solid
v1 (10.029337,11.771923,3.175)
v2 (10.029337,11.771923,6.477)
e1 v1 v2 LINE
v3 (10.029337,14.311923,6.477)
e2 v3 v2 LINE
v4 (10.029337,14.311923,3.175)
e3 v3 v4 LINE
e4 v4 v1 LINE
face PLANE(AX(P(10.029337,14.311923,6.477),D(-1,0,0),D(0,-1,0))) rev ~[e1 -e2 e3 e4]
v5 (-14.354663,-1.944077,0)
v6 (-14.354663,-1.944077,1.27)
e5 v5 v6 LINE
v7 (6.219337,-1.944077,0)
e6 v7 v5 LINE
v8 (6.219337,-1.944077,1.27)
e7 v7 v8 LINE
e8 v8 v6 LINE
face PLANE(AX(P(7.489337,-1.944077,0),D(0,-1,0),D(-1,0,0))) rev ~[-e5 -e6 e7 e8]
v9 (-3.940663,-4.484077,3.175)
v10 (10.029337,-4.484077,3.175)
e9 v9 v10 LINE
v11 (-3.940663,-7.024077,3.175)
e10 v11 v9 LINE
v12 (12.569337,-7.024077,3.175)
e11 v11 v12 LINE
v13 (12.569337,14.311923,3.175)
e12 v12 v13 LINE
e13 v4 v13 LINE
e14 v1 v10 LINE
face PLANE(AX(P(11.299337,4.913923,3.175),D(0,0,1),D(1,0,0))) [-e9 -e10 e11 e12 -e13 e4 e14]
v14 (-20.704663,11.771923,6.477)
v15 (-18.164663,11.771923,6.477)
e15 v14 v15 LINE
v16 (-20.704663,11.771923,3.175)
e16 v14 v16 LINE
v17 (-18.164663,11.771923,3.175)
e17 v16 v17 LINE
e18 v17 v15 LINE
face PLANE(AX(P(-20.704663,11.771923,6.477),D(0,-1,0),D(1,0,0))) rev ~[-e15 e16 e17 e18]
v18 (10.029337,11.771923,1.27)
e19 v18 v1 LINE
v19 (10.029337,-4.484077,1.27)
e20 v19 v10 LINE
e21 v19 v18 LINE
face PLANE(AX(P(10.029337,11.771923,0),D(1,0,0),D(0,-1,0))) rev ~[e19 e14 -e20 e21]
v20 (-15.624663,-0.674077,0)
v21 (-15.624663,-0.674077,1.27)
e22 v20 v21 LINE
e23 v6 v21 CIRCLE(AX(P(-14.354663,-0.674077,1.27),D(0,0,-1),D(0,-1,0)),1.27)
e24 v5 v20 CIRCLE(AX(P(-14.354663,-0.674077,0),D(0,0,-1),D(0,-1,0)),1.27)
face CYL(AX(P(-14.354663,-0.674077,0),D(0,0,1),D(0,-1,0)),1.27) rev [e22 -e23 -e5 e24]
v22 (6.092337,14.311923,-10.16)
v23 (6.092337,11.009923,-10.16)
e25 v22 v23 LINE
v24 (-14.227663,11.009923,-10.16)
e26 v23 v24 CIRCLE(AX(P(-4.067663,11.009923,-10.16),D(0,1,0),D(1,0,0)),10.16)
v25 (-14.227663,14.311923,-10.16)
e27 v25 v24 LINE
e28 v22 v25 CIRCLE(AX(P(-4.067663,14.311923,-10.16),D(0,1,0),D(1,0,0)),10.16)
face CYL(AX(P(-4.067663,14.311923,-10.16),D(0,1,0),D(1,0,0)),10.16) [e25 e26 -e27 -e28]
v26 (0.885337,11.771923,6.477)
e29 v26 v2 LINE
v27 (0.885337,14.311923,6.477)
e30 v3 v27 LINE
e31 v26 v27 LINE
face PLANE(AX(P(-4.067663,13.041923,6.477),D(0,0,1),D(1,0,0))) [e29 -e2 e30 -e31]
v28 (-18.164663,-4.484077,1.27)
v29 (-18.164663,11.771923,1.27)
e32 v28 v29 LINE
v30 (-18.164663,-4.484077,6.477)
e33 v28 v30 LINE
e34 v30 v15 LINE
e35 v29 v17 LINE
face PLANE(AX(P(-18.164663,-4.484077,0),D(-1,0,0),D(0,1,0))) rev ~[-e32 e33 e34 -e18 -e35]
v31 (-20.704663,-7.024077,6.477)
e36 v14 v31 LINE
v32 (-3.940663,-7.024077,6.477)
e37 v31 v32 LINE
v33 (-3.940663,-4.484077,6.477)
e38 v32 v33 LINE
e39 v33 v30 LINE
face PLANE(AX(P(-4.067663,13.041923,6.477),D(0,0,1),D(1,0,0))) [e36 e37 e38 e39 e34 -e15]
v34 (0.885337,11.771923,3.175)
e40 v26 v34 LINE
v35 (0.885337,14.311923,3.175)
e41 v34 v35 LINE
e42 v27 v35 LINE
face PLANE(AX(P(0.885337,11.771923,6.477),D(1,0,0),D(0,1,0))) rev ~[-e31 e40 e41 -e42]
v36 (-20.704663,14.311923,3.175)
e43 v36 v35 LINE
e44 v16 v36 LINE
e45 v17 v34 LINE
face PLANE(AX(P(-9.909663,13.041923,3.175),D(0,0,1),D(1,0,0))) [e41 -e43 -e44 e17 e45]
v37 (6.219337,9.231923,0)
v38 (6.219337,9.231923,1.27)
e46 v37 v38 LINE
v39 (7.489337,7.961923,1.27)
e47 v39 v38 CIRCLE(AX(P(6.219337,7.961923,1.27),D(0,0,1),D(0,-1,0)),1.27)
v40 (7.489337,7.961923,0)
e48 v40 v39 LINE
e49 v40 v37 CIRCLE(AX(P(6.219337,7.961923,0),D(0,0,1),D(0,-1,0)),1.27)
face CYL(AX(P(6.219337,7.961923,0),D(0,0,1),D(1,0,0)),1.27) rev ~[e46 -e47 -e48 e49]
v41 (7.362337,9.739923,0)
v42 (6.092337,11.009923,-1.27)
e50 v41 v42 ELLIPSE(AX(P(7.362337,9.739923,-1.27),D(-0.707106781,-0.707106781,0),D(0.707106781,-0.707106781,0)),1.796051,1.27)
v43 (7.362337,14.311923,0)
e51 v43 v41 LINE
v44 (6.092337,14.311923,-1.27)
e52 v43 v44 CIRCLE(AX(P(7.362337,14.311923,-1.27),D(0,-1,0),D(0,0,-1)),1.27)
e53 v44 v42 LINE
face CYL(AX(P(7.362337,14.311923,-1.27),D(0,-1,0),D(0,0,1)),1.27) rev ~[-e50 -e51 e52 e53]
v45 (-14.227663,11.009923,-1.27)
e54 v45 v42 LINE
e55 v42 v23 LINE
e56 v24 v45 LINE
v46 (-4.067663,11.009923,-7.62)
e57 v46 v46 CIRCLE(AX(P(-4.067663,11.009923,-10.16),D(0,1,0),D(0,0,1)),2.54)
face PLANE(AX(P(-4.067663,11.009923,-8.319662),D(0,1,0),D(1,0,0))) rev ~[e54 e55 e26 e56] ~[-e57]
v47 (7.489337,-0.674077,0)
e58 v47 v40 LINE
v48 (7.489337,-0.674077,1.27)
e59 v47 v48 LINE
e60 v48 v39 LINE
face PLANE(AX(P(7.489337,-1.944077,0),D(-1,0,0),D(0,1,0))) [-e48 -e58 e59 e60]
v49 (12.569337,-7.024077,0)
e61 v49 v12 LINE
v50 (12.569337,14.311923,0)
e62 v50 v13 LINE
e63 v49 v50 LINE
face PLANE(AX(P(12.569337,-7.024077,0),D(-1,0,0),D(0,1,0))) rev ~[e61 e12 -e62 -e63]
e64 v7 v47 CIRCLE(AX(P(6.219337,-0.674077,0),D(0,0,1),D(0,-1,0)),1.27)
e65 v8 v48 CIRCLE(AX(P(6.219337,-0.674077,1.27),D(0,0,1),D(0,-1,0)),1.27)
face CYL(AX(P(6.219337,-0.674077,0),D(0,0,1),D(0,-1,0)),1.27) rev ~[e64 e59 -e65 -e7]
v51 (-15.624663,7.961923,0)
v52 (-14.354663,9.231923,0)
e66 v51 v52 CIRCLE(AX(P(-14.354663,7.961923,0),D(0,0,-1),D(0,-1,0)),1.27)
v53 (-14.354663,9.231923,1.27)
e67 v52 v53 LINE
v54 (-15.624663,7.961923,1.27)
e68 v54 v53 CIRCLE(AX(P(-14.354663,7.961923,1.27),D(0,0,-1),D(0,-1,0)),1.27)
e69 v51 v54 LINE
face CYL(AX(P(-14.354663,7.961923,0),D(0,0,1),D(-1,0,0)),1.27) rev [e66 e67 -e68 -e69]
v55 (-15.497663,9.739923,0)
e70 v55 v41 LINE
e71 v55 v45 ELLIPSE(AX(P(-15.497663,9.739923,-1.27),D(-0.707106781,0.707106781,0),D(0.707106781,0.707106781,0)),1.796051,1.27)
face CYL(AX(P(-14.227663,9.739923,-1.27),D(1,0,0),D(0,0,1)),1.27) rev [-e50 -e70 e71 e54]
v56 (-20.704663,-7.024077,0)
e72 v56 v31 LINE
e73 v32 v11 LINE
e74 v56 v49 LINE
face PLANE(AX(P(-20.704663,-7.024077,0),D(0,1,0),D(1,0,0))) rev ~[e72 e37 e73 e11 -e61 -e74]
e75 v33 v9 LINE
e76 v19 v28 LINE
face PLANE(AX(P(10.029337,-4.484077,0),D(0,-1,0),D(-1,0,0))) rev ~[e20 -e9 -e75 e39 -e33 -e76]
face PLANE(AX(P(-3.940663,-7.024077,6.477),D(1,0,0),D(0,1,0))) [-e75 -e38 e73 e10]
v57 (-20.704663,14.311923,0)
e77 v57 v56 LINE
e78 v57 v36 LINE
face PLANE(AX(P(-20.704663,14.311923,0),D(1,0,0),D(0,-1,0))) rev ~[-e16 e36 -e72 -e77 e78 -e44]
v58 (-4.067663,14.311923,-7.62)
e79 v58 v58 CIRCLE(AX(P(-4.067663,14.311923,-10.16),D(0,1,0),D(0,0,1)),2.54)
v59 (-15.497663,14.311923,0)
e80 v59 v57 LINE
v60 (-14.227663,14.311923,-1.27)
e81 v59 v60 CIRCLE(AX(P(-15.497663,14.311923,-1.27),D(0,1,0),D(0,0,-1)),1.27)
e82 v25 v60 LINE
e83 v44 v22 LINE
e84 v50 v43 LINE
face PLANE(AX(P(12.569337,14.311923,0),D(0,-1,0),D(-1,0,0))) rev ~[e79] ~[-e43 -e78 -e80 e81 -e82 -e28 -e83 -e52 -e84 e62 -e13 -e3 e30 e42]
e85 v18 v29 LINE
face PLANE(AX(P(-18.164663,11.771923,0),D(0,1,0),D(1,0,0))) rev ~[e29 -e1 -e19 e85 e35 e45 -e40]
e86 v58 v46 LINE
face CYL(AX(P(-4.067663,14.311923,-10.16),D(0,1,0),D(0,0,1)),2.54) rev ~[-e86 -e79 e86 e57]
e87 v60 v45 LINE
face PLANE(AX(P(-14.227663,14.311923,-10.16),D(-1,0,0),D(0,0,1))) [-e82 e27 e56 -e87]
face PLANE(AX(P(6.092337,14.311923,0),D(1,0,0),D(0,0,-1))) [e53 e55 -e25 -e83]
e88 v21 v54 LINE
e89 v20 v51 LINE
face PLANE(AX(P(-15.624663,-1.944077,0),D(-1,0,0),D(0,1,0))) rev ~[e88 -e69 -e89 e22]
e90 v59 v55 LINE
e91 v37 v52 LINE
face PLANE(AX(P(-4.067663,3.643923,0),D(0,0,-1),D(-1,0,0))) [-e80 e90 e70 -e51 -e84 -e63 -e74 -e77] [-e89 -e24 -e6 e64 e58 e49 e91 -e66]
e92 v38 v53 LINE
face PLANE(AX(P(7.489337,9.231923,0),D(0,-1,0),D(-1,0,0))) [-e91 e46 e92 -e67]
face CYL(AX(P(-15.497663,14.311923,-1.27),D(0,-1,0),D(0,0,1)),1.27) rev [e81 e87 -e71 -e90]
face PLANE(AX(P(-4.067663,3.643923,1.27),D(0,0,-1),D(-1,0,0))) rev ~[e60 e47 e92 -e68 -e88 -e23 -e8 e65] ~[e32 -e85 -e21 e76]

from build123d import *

# Parameters (mm, degrees)
SKETCH1_W           = 28.194
SKETCH1_H           = 2.54
BOSS_EXTRUDE1_DEPTH = 6.477
SKETCH2_W           = 28.194
SKETCH2_H           = 16.256
SKETCH2_W_2         = 23.114
SKETCH2_H_2         = 11.176
BOSS_EXTRUDE2_DEPTH = 1.27
SKETCH3_W           = 21.59
SKETCH3_H           = 2.54
SKETCH3_W_2         = 2.54
SKETCH3_H_2         = 18.796
SKETCH3_W_3         = 13.97
CUT_EXTRUDE1_DEPTH  = 3.302
SKETCH4_R           = 2.54
BOSS_EXTRUDE3_DEPTH = 3.302
FILLET4_R           = 1.27


with BuildPart() as part:
    # Sketch1 → Boss-Extrude1 (new body)
    with BuildSketch(Plane.XY):
        with Locations((-4.067663462, 13.041923077)):
            Rectangle(SKETCH1_W, SKETCH1_H)
        Polygon((-18.164663462, 14.311923077), (-20.704663462, 14.311923077), (-20.704663462, -7.024076923), (12.569336538, -7.024076923), (12.569336538, 14.311923077), (10.029336538, 14.311923077), (10.029336538, 11.771923077), (10.029336538, -4.484076923), (-18.164663462, -4.484076923), (-18.164663462, 11.771923077), align=None)
    extrude(amount=BOSS_EXTRUDE1_DEPTH)

    # Sketch2 → Boss-Extrude2 (add)
    with BuildSketch(Plane(origin=(0, 0, 0), x_dir=(-1, 0, 0), z_dir=(0, 0, -1))):
        with Locations((4.067663462, 3.643923077)):
            Rectangle(SKETCH2_W, SKETCH2_H)
        with Locations((4.067663462, 3.643923077)):
            Rectangle(SKETCH2_W_2, SKETCH2_H_2, mode=Mode.SUBTRACT)
    extrude(amount=-BOSS_EXTRUDE2_DEPTH)

    # Sketch3 → Cut-Extrude1 (cut)
    with BuildSketch(Plane.XY.offset(6.477)):
        with Locations((-9.909663462, 13.041923077)):
            Rectangle(SKETCH3_W, SKETCH3_H)
        with Locations((11.299336538, 4.913923077)):
            Rectangle(SKETCH3_W_2, SKETCH3_H_2)
        with Locations((11.299336538, -5.754076923)):
            Rectangle(SKETCH3_W_2, SKETCH3_H)
        with Locations((3.044336538, -5.754076923)):
            Rectangle(SKETCH3_W_3, SKETCH3_H)
    extrude(amount=-CUT_EXTRUDE1_DEPTH, mode=Mode.SUBTRACT)

    # Sketch4 → Boss-Extrude3 (add)
    with BuildSketch(Plane(origin=(0, 14.311923077, 0), x_dir=(1, 0, 0), z_dir=(0, 1, 0))):
        with BuildLine():
            Line((-14.227663462, 10.16), (-14.227663462, 0))
            Line((-14.227663462, 0), (6.092336538, 0))
            Line((6.092336538, 0), (6.092336538, 10.16))
            ThreePointArc((6.092336538, 10.16), (-4.067663462, 20.32), (-14.227663462, 10.16))
        make_face()
        with Locations(Location((-4.067663462, 10.16, 0), (0, 0, 270))):
            Circle(SKETCH4_R, mode=Mode.SUBTRACT)
    extrude(amount=-BOSS_EXTRUDE3_DEPTH)

    # Fillet4
    fillet4_edges = [part.edges().sort_by_distance(p)[0] for p in [
        (-4.067663462, 11.009923077, 0),
        (6.092336538, 12.660923077, 0),
        (-14.227663462, 12.660923077, 0),
        (-15.624663462, 9.231923077, 0.635),
        (-15.624663462, -1.944076923, 0.635),
        (7.489336538, -1.944076923, 0.635),
        (7.489336538, 9.231923077, 0.635),
    ]]
    fillet(fillet4_edges, radius=FILLET4_R)


solid = part.part
